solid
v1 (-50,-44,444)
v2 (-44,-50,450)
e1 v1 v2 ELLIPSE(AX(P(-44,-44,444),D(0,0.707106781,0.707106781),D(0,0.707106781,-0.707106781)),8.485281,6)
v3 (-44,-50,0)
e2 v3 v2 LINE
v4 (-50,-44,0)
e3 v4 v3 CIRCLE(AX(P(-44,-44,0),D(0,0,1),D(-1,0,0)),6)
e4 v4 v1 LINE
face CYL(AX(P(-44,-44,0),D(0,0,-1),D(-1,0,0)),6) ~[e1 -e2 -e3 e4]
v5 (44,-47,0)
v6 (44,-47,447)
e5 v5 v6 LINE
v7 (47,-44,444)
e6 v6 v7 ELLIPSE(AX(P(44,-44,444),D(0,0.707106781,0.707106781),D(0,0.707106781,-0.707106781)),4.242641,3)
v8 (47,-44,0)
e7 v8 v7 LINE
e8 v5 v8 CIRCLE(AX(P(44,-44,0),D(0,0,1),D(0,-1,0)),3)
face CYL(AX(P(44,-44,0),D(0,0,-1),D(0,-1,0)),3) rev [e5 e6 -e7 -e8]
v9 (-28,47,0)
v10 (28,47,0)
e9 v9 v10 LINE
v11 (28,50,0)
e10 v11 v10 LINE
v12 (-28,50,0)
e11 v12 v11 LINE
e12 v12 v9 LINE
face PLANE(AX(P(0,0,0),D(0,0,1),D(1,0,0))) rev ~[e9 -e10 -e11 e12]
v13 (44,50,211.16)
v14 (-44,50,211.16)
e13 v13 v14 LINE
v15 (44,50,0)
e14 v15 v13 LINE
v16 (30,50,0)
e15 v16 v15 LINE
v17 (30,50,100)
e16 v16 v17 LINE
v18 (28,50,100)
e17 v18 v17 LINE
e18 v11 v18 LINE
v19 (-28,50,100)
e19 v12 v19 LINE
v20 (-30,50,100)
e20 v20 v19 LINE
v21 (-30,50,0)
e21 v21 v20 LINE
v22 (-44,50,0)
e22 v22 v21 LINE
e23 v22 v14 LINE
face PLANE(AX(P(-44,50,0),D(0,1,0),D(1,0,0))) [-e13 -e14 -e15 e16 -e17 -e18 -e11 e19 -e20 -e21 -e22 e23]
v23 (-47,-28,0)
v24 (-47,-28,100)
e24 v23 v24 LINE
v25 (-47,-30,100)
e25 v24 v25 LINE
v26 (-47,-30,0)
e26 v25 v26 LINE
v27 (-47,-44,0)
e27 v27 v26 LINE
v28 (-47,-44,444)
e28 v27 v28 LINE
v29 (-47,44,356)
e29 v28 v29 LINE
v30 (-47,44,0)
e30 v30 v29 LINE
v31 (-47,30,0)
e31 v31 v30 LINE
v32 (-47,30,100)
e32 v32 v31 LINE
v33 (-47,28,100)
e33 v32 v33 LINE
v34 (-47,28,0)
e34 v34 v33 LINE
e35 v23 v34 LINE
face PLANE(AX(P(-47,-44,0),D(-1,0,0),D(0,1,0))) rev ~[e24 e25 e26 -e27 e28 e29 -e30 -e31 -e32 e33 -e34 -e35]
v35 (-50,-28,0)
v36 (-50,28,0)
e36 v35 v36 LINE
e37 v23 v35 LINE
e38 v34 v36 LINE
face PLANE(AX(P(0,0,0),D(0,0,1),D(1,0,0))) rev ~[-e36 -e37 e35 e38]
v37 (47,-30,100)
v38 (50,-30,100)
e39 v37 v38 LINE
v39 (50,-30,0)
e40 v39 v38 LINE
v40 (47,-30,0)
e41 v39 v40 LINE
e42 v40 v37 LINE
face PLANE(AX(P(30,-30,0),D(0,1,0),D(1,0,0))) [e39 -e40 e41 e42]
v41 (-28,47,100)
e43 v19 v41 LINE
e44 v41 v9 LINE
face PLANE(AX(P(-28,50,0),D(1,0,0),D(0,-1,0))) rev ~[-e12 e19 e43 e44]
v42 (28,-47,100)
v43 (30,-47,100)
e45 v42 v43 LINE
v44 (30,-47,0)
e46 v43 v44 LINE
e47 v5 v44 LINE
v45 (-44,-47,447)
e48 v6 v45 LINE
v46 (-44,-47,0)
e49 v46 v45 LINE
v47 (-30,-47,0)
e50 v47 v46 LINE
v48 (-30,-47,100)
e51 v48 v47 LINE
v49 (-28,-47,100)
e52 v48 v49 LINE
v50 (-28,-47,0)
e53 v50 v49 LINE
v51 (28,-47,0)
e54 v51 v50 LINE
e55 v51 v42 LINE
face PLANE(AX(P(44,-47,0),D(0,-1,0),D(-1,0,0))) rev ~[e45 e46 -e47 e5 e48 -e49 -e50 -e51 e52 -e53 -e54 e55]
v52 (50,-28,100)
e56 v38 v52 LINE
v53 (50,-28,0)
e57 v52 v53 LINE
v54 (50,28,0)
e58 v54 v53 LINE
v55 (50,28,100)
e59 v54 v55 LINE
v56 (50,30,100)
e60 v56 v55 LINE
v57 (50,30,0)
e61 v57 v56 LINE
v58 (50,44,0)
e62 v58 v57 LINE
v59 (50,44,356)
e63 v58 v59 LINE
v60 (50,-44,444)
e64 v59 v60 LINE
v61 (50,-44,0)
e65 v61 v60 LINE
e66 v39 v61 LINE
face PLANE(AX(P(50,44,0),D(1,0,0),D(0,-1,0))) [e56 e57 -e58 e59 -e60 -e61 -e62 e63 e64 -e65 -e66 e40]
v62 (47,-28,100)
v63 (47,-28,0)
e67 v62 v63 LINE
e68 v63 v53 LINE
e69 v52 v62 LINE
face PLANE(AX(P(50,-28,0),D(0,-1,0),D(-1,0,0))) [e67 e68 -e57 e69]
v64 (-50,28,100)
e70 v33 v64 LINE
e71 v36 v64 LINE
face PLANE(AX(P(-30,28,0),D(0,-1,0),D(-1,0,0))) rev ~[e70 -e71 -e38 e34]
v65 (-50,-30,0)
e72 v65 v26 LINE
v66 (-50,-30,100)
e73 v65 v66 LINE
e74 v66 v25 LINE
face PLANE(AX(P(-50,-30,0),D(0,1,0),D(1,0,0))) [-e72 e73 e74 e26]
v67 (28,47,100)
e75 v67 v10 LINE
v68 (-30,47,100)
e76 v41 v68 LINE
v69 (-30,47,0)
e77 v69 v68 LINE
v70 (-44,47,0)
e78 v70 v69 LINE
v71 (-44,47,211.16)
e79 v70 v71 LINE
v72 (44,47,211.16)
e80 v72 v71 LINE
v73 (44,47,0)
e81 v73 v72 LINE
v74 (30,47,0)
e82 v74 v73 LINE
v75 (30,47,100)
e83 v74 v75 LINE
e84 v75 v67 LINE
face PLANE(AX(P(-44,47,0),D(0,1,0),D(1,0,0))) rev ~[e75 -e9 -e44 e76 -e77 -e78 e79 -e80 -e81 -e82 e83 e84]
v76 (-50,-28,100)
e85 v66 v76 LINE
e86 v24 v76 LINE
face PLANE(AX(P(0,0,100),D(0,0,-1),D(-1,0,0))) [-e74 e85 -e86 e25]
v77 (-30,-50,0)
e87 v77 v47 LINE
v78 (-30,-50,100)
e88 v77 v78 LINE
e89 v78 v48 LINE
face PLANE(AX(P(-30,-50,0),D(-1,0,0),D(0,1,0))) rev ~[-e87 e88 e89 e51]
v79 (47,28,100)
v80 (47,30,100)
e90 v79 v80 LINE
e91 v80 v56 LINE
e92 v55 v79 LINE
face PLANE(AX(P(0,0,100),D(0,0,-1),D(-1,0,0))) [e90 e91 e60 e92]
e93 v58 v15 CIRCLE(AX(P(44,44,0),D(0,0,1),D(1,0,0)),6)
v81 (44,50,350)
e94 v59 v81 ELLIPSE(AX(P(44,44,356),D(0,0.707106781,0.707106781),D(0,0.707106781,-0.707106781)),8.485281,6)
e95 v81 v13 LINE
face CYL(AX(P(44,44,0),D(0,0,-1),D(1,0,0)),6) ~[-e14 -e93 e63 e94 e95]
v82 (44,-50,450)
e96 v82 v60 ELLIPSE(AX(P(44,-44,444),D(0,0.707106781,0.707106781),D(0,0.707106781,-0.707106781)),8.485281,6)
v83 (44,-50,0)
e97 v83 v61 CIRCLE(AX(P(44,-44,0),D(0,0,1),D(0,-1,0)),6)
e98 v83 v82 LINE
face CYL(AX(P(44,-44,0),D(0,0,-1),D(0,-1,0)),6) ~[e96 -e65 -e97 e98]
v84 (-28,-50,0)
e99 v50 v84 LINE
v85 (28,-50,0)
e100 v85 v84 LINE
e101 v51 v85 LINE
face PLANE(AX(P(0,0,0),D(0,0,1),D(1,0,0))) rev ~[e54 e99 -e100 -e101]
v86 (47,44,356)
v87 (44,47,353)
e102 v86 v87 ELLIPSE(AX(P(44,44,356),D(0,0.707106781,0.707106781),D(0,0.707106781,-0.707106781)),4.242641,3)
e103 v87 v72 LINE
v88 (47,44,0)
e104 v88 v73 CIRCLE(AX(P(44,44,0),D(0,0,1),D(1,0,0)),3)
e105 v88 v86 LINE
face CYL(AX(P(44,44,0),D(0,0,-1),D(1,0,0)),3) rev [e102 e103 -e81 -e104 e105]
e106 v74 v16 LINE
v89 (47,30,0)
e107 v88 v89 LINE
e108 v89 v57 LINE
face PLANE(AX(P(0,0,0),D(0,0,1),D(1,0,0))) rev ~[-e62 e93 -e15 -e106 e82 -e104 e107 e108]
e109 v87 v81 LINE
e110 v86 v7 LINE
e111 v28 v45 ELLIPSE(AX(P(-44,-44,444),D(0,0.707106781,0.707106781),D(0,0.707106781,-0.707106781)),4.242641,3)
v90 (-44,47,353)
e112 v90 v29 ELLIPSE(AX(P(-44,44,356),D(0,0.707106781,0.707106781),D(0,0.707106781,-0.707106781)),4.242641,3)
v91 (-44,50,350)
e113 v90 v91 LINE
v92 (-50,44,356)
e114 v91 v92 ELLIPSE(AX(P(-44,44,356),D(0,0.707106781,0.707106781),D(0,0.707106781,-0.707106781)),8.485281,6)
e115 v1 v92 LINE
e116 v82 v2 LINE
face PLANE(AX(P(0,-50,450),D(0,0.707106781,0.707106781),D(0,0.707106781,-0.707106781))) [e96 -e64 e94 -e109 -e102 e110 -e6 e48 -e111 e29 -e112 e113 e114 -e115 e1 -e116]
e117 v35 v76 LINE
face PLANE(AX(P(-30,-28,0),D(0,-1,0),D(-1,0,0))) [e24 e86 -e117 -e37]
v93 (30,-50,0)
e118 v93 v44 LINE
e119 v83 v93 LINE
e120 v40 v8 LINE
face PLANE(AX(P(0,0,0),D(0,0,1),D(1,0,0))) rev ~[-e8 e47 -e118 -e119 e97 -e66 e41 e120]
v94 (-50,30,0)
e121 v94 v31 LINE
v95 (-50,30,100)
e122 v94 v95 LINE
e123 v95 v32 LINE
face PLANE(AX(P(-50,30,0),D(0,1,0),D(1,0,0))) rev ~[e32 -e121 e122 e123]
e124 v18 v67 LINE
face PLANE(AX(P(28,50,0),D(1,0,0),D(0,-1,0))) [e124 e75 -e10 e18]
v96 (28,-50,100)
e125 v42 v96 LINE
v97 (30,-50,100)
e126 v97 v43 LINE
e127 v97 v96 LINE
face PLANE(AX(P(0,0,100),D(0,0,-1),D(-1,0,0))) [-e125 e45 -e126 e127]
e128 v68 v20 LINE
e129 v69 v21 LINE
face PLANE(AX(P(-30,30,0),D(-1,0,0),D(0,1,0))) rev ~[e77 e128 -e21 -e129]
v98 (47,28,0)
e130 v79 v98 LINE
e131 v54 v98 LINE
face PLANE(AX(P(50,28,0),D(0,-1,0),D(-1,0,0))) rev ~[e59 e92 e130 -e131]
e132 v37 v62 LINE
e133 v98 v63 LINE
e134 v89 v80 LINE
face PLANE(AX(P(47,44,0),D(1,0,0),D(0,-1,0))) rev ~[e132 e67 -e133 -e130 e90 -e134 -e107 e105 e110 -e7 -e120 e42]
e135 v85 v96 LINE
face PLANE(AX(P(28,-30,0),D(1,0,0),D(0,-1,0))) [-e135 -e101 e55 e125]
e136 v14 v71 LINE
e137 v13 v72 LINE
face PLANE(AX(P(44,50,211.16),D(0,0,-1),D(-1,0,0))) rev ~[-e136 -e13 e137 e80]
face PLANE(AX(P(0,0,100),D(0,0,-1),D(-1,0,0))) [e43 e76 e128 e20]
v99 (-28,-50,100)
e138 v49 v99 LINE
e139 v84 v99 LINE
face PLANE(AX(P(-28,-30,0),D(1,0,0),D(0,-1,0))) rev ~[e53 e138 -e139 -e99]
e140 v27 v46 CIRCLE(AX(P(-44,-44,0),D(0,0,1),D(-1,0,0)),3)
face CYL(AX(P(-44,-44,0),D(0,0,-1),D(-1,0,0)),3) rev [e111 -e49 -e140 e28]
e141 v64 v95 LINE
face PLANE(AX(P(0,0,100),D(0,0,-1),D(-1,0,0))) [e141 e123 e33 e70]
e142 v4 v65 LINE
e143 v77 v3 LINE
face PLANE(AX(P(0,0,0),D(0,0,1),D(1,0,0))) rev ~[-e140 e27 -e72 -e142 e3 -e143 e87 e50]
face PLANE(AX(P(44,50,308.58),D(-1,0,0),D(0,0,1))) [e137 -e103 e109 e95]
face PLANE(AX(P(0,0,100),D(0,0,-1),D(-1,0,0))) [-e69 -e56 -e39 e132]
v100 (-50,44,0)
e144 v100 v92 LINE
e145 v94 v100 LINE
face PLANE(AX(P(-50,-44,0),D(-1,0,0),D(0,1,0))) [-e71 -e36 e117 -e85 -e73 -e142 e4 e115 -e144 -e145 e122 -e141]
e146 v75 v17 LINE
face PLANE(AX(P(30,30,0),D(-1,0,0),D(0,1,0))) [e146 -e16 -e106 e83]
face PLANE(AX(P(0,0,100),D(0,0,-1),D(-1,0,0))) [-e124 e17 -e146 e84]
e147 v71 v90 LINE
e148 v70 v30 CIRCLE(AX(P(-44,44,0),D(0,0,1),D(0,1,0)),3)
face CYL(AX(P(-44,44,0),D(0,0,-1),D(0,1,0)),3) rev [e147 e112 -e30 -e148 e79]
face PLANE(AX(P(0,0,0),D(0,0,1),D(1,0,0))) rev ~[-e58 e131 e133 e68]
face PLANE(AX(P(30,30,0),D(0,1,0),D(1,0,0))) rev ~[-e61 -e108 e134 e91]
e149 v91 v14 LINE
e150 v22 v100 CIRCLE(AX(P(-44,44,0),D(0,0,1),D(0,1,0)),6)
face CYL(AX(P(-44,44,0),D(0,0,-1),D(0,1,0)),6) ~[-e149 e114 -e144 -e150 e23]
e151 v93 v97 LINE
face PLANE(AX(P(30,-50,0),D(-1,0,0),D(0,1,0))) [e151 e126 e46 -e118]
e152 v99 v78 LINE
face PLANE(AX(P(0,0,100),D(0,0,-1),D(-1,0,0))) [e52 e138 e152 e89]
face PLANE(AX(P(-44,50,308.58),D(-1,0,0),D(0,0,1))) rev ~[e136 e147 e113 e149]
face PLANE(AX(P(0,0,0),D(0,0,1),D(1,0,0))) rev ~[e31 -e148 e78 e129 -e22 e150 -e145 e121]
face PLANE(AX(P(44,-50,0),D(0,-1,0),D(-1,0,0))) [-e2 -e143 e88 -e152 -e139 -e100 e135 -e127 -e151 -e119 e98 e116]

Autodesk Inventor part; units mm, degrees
ref_plane "Start Plane" through (0, 0, 0) normal (0, 0, 1) x (1, 0, 0)
ref_plane "End Plane" through (0, 0, 450) normal (0, 0, 1) x (1, 0, 0)
sketch "Sketch" plane through (0, 0, 0) normal (0, 0, 1) x (1, 0, 0)
  line L0 (-50, -44) -> (-50, 44)
  line L1 (-44, 50) -> (44, 50)
  line L2 (50, 44) -> (50, -44)
  line L3 (44, -50) -> (-44, -50)
  arc A0 (-50, -44) -> (-44, -50) centre (-44, -44) ccw
  arc A1 (50, 44) -> (44, 50) centre (44, 44) ccw
  arc A2 (-44, 50) -> (-50, 44) centre (-44, 44) ccw
  arc A3 (44, -50) -> (50, -44) centre (44, -44) ccw
  arc A4 (-44, 47) -> (-47, 44) centre (-44, 44) ccw
  line L4 (-44, 47) -> (44, 47)
  arc A5 (47, 44) -> (44, 47) centre (44, 44) ccw
  line L5 (47, 44) -> (47, -44)
  arc A6 (44, -47) -> (47, -44) centre (44, -44) ccw
  line L6 (44, -47) -> (-44, -47)
  arc A7 (-47, -44) -> (-44, -47) centre (-44, -44) ccw
  line L7 (-47, -44) -> (-47, 44)
  line L8 (0, 71.7397) -> (0, -71.7397) construction
  line L9 (-71.7397, 0) -> (71.7397, 0) construction
  dimension "d7" = 6
  dimension "d9" = 100
  dimension "d11" = 100
  dimension "d12" = 3
  dimension "d15" = 50
  dimension "d16" = 50
extrude "Body" add sketch "Sketch" along normal up to surface (450 mm away) from surface at 0
sketch "Sketch3" plane through (0, 0, 0) normal (0, 0, 1) x (1, 0, 0)
  line L0 (0, 0) -> (10, 0)
ref_plane "Work Plane3" through (0, 0, 0) normal (0, -1, 0) x (1, 0, 0)
sketch "Sketch5" plane through (44, 50, 450) normal (0, 1, 0) x (1, 0, 0)
  line L0 (-88, 0) -> (0, 0) projected
  line L1 (0, 450) -> (0, 0) projected
  line L2 (-88, 0) -> (0, 0)
  line L3 (0, 0) -> (0, 141.42)
  line L4 (0, 141.42) -> (-88, 141.42)
  line L5 (-88, 141.42) -> (-88, 0)
  point P0 (-44, 450)
  point P1 (-44, 0)
  point P2 (-44, 141.42)
  dimension "d19" = 141.42
extrude "Extrusion2" cut sketch "Sketch5" against normal blind 10
sketch "Sketch6" plane through (0, 0, 0) normal (0, 0, -1) x (-1, 0, 0)
  line L0 (44, 50) -> (-44, 50) projected
  line L1 (-44, -50) -> (44, -50) projected
  line L2 (30, 50) -> (28, 50)
  line L3 (28, 50) -> (28, -50)
  line L4 (28, -50) -> (30, -50)
  line L5 (30, -50) -> (30, 50)
  line L6 (50, -44) -> (50, 44) projected
  line L7 (50, -30) -> (-50.0252, -30)
  line L8 (-50.0252, -30) -> (-50.0252, -28)
  line L9 (-50.0252, -28) -> (50, -28)
  line L10 (50, -28) -> (50, -30)
  line L11 (-28, -50) -> (-30, -50)
  line L12 (-30, -50) -> (-30, 50)
  line L13 (-30, 50) -> (-28, 50)
  line L14 (-28, 50) -> (-28, -50)
  line L15 (-50, 44) -> (-50, -44) projected
  line L16 (50, 30) -> (-50, 30)
  line L17 (-50, 30) -> (-50, 28)
  line L18 (-50, 28) -> (50, 28)
  line L19 (50, 28) -> (50, 30)
  point P0 (0, 0)
  point P1 (30, -30)
  point P2 (30, -28)
  point P3 (30, 28)
  point P4 (30, 30)
  point P5 (28, 30)
  point P6 (-28, 30)
  point P7 (-30, 30)
  point P8 (-50, 30)
  point P9 (-30, 28)
  point P10 (-30, -28)
  point P11 (-30, -30)
  point P12 (-28, -30)
  point P13 (28, -30)
  point P14 (28, -28)
  point P15 (-28, -28)
  point P16 (-28, 28)
  point P17 (28, 28)
  dimension "d22" = 2
  dimension "d23" = 2
  dimension "d24" = 20
  dimension "d25" = 20
  dimension "d26" = 2
  dimension "d27" = 2
  dimension "d28" = 20
  dimension "d29" = 20
extrude "Extrusion3" cut sketch "Sketch6" against normal blind 100 contours L5 L16 L3 L0 | L16 L6 L18 L5 | L5 L18 L3 L16 | L14 L16 L12 L0 | L3 L18 L14 L16 | L5 L9 L3 L18 | L14 L18 L12 L16 | L9 L6 L7 L5 | L5 L7 L3 L9 | L12 L18 L15 L16 | L14 L9 L12 L18 | L3 L7 L14 L9 | L5 L1 L3 L7 | L14 L7 L12 L9 | L12 L7 L15 L9 | L14 L1 L12 L7 | L15 L7 L8 L9
ref_plane "Work Plane5" through (0, -50, 450) normal (0, 0.7071, 0.7071) x (1, 0, 0)
split "Split2" plane through (0, -50, 450) removes the side toward (0, 0.7071, 0.7071)
sketch "Sketch7" plane through (-44, 50, 308.58) normal (0, 1, 0) x (1, 0, 0)
  line L0 (0, 0) -> (0, -44.42) projected
  line L1 (88, 308.58) -> (88, -138.42) projected
  line L2 (0, 0) -> (88, 0)
  line L3 (88, 0) -> (88, 97.42)
  line L4 (88, 97.42) -> (0, 97.42)
  line L5 (0, 97.42) -> (0, 0)
  point P0 (44, 308.58)
  point P1 (88, 0)
  dimension "d32" = 97.42
extrude "Extrusion4" cut sketch "Sketch7" against normal blind 5
sketch "Sketch4" plane through (0, 0, 0) normal (0, -1, 0) x (1, 0, 0)
  line L0 (-2, 0) -> (12, 0) projected
  line L1 (-2, 450) -> (12, 450) projected
  dimension "d18" = 450
equation "\"d7\" = G_IR"
equation "\"d9\" = G_W"
equation "\"d11\" = G_H"
equation "\"d12\" = G_T"
equation "\"d15\" = 0.5 * d9"
equation "\"d16\" = 0.5 * d11"
equation "\"d3\" = G_L"
equation "\"d23\" = d22"
equation "\"d26\" = d22"
equation "\"d27\" = d22"
equation "\"G_W\" = 100"
equation "\"G_H\" = 100"
equation "\"G_T\" = 3"
equation "\"G_IR\" = 6"
equation "\"G_L\" = d18"
equation "\"G_OFFSET_START\" = 0"
properties part number "ISO 10799-2 - 100x100x3 - 450" material "Steel, Mild"
